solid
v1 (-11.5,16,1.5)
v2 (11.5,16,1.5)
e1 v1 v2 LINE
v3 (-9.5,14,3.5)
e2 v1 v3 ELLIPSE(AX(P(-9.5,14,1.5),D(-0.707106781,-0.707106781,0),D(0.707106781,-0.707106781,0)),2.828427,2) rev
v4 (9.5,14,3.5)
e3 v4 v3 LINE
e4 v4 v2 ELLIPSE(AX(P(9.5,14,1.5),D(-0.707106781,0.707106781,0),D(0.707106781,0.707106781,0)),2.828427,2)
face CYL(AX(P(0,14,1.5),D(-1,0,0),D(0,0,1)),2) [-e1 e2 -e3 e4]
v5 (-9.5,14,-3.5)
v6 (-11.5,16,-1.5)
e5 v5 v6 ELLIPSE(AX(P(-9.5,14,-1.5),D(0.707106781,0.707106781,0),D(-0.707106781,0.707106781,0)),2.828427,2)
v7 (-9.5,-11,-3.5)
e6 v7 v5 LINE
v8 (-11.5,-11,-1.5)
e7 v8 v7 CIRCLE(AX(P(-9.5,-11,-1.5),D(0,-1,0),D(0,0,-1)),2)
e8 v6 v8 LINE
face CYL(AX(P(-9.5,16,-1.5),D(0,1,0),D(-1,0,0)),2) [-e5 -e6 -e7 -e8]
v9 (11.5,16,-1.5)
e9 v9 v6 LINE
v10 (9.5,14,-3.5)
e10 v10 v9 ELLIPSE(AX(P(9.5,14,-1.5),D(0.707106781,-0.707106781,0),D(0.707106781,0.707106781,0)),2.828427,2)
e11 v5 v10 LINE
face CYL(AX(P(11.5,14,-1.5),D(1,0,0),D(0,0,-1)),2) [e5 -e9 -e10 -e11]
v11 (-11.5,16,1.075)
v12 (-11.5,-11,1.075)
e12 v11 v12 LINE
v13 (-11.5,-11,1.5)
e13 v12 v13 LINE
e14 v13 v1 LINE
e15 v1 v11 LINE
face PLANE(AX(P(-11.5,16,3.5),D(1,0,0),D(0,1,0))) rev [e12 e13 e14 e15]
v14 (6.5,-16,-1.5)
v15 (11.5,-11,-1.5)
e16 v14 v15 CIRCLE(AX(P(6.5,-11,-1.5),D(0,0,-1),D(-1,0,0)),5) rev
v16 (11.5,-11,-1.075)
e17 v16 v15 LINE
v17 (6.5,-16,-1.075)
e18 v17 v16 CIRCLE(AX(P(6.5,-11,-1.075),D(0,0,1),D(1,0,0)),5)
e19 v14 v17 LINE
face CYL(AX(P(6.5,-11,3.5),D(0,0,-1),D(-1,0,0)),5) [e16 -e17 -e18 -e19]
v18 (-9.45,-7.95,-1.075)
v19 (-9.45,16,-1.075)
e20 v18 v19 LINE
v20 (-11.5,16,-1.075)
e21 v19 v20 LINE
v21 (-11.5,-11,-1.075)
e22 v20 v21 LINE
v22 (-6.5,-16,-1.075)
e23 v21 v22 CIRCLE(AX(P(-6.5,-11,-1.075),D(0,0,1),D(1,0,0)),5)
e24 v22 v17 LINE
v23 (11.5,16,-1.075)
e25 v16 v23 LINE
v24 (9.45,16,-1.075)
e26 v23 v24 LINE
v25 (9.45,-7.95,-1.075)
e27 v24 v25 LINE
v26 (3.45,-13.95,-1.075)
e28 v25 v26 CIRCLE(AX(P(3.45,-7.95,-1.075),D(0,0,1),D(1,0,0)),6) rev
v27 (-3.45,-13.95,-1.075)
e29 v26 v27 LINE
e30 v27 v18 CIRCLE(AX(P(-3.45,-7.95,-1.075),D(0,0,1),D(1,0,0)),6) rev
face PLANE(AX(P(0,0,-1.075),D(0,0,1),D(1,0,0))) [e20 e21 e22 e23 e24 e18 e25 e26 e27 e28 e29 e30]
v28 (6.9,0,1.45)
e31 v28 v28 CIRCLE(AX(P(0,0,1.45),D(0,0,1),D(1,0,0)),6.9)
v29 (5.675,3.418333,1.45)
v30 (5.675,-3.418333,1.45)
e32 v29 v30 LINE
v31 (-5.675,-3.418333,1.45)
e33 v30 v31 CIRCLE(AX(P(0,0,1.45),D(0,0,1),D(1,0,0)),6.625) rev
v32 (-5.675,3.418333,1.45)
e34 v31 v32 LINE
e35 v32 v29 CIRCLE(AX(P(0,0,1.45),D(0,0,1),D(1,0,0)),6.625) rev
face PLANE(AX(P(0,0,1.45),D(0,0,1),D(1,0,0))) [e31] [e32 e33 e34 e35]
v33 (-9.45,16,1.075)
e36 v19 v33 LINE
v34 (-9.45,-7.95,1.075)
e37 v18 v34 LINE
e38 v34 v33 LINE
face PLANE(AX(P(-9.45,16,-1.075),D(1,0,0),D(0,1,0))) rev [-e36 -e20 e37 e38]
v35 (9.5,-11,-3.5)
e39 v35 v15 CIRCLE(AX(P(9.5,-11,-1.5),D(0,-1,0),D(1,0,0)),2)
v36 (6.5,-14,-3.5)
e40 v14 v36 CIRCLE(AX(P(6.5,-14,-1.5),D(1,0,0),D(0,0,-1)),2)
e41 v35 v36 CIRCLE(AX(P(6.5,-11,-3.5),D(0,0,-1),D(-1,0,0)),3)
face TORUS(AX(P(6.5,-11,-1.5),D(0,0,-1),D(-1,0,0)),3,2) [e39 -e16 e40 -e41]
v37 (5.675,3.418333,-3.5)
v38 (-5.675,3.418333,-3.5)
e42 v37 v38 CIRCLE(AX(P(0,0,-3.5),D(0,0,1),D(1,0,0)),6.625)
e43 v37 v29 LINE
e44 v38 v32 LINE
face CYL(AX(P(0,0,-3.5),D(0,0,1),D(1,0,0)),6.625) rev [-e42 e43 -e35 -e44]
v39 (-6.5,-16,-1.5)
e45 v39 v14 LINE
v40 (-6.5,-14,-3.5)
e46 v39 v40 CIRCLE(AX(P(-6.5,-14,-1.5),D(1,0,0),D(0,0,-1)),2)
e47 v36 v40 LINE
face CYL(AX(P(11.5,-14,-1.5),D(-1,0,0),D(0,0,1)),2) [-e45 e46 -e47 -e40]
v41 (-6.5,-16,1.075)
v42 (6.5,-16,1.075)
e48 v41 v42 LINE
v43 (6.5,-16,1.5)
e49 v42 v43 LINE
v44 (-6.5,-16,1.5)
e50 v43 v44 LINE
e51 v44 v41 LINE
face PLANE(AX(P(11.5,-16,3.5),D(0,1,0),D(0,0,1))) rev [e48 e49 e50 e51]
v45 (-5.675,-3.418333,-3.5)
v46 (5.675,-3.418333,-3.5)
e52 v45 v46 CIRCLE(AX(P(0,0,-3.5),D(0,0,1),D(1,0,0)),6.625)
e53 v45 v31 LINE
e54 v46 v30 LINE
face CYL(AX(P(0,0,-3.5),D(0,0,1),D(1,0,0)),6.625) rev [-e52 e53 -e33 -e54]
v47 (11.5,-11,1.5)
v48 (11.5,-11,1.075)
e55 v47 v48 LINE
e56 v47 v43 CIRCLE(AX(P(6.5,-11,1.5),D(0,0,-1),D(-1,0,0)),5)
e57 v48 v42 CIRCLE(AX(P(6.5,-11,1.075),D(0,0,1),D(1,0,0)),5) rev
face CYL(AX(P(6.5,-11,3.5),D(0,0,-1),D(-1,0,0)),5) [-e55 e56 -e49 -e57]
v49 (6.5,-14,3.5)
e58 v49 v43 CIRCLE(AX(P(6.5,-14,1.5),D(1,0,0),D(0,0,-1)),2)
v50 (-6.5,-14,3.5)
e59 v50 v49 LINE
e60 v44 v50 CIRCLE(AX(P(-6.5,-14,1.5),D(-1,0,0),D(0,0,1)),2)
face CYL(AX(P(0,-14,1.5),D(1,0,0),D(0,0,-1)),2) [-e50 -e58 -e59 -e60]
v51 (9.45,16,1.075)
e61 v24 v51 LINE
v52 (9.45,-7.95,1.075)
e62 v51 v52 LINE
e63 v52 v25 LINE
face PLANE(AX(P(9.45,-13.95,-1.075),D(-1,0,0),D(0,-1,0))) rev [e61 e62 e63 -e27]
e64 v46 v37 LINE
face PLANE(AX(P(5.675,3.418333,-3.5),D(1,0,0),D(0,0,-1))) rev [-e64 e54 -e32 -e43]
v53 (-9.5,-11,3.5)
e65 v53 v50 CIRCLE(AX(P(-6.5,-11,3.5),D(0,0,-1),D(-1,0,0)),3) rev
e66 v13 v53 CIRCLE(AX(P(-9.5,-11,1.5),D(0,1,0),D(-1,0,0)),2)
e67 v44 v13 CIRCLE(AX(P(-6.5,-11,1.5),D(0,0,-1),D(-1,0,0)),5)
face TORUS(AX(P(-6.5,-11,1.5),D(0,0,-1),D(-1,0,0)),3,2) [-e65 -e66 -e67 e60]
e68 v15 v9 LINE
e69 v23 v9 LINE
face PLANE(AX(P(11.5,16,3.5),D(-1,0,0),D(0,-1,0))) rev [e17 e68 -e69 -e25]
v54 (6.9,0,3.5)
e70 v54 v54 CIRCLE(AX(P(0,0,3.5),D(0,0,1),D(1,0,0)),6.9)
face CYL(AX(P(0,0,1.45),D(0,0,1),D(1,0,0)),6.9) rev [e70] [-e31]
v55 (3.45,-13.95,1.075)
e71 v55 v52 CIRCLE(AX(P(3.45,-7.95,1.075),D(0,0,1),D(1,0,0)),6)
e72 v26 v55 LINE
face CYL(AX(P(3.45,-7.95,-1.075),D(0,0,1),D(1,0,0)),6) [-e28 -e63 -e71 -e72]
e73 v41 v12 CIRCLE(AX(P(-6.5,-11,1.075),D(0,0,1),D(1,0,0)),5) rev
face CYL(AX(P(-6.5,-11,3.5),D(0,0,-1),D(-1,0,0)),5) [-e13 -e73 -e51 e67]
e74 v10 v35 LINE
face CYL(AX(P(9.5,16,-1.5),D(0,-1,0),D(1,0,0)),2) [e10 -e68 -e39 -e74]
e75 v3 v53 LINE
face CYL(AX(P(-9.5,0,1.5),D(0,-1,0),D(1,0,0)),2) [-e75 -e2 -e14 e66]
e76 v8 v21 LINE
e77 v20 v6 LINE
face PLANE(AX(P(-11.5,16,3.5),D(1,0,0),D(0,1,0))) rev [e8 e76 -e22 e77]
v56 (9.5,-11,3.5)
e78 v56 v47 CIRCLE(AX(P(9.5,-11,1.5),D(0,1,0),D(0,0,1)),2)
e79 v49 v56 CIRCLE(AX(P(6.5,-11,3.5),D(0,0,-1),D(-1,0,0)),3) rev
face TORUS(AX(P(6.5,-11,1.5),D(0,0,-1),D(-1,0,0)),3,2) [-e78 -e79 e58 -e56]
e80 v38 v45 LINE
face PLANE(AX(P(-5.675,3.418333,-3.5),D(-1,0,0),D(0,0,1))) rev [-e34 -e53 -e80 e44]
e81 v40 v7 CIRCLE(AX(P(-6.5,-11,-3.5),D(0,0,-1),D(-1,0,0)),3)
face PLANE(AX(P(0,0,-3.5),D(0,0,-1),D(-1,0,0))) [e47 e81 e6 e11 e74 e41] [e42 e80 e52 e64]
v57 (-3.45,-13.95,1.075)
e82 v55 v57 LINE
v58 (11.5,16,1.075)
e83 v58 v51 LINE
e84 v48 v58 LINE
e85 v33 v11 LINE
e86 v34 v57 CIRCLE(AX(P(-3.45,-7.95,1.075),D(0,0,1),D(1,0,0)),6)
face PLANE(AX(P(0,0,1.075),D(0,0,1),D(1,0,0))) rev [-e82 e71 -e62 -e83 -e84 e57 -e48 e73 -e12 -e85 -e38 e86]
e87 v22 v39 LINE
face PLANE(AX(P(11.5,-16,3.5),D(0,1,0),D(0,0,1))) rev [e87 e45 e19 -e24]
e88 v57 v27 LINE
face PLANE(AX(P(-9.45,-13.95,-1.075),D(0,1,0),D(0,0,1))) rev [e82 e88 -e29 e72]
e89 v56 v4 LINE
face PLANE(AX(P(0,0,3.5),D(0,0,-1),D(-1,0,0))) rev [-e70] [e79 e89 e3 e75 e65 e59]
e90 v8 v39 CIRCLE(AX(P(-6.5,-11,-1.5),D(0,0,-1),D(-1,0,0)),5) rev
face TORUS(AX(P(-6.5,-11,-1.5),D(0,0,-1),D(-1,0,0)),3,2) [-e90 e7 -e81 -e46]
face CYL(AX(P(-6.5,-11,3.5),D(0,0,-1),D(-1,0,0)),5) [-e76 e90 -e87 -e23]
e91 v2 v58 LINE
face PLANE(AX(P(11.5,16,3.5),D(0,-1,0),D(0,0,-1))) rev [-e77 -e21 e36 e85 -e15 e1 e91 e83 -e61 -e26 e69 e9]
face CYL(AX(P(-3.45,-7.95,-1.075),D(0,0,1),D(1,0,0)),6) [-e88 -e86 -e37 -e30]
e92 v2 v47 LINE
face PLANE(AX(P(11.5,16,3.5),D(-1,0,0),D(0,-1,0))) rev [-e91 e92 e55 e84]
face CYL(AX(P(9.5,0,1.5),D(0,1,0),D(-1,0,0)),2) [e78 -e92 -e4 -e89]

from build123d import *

# Parameters (mm, degrees)
SKETCH1_W           = 23
SKETCH1_H           = 32
BOSS_EXTRUDE1_DEPTH = 3.5
CUT_EXTRUDE1_DEPTH  = 1.075
FILLET1_R           = 6
FILLET2_R           = 5
FILLET3_R           = 2
CUT_EXTRUDE2_DEPTH  = 21.910523666
SKETCH5_R           = 6.9
CUT_EXTRUDE3_DEPTH  = 2.05


with BuildPart() as part:
    # Sketch1 → Boss-Extrude1 (new, symmetric)
    with BuildSketch(Plane.XY):
        Rectangle(SKETCH1_W, SKETCH1_H)
    extrude(amount=BOSS_EXTRUDE1_DEPTH, both=True)

    # Sketch2 → Cut-Extrude1 (cut, symmetric)
    with BuildSketch(Plane.XY):
        Polygon((-9.45, 16), (-11.5, 16), (-11.5, -16), (11.5, -16), (11.5, 16), (9.45, 16), (9.45, -13.95), (-9.45, -13.95), align=None)
    extrude(amount=CUT_EXTRUDE1_DEPTH, both=True, mode=Mode.SUBTRACT)

    # Fillet1
    fillet1_edges = [part.edges().sort_by_distance(p)[0] for p in [
        (-9.45, -13.95, 0),
        (9.45, -13.95, 0),
    ]]
    fillet(fillet1_edges, radius=FILLET1_R)

    # Fillet2
    fillet2_edges = [part.edges().sort_by_distance(p)[0] for p in [
        (11.5, -16, -2.2875),
        (-11.5, -16, -2.2875),
        (11.5, -16, 2.2875),
        (-11.5, -16, 2.2875),
    ]]
    fillet(fillet2_edges, radius=FILLET2_R)

    # Fillet3
    fillet3_edges = [part.edges().sort_by_distance(p)[0] for p in [
        (0, 16, 3.5),
        (-11.5, 2.5, 3.5),
        (0, 16, -3.5),
        (0, -16, -3.5),
        (11.5, 2.5, -3.5),
        (10.035533906, -14.535533906, -3.5),
        (-10.035533906, -14.535533906, -3.5),
        (-11.5, 2.5, -3.5),
        (0, -16, 3.5),
        (11.5, 2.5, 3.5),
        (10.035533906, -14.535533906, 3.5),
        (-10.035533906, -14.535533906, 3.5),
    ]]
    fillet(fillet3_edges, radius=FILLET3_R)

    # Sketch3 → Cut-Extrude2 (cut, through all)
    with BuildSketch(Plane.XY.offset(3.5)):
        with BuildLine():
            Line((-5.675, 3.418332927), (-5.675, -3.418332927))
            ThreePointArc((-5.675, -3.418332927), (0, -6.625), (5.675, -3.418332927))
            Line((5.675, -3.418332927), (5.675, 3.418332927))
            ThreePointArc((5.675, 3.418332927), (0, 6.625), (-5.675, 3.418332927))
        make_face()
    extrude(amount=-CUT_EXTRUDE2_DEPTH, mode=Mode.SUBTRACT)

    # Sketch5 → Cut-Extrude3 (cut)
    with BuildSketch(Plane.XY.offset(3.5)):
        Circle(SKETCH5_R)
    extrude(amount=-CUT_EXTRUDE3_DEPTH, mode=Mode.SUBTRACT)


solid = part.part
